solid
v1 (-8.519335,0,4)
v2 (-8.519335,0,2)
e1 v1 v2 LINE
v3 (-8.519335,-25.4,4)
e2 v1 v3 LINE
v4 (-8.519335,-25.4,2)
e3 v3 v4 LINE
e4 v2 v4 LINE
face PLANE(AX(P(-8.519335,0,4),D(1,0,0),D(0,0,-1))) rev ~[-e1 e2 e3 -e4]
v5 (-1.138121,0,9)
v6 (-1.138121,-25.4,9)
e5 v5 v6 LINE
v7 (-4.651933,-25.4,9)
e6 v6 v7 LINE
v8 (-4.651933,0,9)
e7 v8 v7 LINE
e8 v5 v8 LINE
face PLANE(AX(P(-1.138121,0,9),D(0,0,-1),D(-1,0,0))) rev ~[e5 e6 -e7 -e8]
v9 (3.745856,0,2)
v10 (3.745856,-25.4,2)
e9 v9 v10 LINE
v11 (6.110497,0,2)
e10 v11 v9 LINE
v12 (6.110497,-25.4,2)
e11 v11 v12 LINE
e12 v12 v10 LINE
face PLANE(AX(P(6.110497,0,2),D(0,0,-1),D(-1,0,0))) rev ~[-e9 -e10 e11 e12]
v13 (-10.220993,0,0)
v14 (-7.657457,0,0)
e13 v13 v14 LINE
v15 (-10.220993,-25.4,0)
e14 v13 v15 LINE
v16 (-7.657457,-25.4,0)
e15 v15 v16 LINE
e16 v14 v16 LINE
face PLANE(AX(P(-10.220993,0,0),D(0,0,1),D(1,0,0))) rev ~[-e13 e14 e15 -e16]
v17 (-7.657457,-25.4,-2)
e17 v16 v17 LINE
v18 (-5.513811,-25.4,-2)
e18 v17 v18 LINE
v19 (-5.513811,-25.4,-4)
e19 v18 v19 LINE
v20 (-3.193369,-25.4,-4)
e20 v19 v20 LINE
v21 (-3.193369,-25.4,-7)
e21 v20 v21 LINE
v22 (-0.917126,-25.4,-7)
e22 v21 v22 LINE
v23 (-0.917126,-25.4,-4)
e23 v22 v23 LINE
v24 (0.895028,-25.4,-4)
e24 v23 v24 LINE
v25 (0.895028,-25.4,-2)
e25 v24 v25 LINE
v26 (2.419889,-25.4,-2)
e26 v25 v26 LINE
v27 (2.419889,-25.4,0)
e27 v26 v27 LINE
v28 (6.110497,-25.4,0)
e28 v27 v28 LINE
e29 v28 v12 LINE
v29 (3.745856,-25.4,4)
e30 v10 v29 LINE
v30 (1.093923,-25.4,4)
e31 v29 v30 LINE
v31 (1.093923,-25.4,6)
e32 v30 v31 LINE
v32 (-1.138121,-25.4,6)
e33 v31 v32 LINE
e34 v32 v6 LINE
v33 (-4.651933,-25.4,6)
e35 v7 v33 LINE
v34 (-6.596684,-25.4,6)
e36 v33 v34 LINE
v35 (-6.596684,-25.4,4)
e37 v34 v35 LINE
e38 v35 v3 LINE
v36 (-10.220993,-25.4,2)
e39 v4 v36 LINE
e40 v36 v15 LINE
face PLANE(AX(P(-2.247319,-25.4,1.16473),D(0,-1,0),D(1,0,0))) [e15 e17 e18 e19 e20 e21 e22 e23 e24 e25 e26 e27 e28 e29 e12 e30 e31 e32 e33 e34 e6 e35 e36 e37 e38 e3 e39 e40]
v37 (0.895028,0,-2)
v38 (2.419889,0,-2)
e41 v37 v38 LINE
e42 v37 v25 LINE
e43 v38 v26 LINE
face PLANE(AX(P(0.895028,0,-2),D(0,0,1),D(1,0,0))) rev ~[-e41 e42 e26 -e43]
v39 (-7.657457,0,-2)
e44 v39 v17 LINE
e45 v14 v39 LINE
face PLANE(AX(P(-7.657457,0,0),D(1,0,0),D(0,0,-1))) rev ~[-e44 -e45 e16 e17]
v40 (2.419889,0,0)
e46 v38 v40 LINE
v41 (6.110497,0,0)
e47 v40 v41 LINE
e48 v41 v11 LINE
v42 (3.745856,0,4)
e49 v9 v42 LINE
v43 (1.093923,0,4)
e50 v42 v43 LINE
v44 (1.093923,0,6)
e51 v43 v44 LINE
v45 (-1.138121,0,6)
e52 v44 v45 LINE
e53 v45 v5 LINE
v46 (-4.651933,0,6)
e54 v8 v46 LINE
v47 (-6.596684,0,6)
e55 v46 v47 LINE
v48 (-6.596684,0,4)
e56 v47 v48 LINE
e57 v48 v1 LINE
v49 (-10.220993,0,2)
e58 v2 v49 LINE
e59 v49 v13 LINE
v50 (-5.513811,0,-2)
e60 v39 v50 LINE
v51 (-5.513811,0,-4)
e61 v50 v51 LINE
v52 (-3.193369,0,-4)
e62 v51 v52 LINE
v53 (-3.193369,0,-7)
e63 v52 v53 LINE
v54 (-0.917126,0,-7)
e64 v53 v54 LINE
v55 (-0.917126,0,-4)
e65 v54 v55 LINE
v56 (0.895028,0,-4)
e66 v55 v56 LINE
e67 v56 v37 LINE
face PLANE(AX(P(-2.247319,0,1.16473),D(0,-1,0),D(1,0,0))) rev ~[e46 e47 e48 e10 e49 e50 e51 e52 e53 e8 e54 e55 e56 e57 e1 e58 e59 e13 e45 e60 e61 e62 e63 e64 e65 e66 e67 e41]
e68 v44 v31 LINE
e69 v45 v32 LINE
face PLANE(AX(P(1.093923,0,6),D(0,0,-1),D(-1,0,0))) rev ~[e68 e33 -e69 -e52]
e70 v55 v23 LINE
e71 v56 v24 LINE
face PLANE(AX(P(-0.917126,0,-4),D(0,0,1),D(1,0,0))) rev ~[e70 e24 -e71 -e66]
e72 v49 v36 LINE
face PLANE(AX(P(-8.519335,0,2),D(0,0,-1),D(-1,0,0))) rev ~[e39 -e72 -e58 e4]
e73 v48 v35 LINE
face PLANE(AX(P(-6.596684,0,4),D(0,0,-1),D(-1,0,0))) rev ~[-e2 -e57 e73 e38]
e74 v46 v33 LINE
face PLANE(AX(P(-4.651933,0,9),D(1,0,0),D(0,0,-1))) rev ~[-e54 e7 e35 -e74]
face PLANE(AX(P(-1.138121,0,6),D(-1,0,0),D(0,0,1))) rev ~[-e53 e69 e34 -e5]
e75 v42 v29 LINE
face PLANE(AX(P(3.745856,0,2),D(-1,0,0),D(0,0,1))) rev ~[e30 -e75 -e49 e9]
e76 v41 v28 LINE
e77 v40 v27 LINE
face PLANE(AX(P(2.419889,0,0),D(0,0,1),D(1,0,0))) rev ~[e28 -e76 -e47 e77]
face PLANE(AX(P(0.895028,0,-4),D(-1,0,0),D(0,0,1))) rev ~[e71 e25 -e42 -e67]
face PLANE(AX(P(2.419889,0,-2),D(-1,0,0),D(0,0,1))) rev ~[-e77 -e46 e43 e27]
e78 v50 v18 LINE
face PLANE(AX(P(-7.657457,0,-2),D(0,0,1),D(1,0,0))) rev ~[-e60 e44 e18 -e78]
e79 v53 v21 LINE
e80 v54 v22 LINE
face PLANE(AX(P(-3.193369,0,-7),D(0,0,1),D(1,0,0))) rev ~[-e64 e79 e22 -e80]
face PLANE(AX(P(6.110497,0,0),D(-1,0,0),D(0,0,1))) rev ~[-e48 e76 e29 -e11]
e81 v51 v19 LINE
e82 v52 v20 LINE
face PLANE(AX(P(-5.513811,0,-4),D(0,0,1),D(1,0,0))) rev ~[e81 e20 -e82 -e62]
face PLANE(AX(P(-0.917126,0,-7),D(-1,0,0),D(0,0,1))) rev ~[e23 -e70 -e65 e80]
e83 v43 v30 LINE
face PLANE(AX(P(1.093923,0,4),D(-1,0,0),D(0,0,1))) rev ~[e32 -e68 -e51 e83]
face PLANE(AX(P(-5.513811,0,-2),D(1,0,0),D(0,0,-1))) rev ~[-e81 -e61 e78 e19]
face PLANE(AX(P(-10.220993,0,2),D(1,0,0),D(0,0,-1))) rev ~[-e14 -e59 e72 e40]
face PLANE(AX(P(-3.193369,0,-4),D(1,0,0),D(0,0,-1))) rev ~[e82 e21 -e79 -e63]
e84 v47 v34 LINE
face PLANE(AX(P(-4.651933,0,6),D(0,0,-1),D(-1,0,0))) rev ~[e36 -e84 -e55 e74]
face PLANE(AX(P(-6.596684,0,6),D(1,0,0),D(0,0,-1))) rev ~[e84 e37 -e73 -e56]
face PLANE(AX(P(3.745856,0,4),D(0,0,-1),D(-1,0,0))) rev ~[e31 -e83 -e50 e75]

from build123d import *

# Parameters (mm, degrees)
F1_DEPTH = 25.4


with BuildPart() as f1:
    # F0 (on Front) → F1 (new body)
    with BuildSketch(Plane.XZ):
        Polygon((-10.220993, 2), (-10.220993, 0), (-7.657457, 0), (-7.657457, -2), (-5.513811, -2), (-5.513811, -4), (-3.193369, -4), (-3.193369, -7), (-0.917126, -7), (-0.917126, -4), (0.895028, -4), (0.895028, -2), (2.419889, -2), (2.419889, 0), (6.110497, 0), (6.110497, 2), (3.745856, 2), (3.745856, 4), (1.093923, 4), (1.093923, 6), (-1.138121, 6), (-1.138121, 9), (-4.651933, 9), (-4.651933, 6), (-6.596684, 6), (-6.596684, 4), (-8.519335, 4), (-8.519335, 2), align=None)
    extrude(amount=F1_DEPTH)


solid = f1.part
